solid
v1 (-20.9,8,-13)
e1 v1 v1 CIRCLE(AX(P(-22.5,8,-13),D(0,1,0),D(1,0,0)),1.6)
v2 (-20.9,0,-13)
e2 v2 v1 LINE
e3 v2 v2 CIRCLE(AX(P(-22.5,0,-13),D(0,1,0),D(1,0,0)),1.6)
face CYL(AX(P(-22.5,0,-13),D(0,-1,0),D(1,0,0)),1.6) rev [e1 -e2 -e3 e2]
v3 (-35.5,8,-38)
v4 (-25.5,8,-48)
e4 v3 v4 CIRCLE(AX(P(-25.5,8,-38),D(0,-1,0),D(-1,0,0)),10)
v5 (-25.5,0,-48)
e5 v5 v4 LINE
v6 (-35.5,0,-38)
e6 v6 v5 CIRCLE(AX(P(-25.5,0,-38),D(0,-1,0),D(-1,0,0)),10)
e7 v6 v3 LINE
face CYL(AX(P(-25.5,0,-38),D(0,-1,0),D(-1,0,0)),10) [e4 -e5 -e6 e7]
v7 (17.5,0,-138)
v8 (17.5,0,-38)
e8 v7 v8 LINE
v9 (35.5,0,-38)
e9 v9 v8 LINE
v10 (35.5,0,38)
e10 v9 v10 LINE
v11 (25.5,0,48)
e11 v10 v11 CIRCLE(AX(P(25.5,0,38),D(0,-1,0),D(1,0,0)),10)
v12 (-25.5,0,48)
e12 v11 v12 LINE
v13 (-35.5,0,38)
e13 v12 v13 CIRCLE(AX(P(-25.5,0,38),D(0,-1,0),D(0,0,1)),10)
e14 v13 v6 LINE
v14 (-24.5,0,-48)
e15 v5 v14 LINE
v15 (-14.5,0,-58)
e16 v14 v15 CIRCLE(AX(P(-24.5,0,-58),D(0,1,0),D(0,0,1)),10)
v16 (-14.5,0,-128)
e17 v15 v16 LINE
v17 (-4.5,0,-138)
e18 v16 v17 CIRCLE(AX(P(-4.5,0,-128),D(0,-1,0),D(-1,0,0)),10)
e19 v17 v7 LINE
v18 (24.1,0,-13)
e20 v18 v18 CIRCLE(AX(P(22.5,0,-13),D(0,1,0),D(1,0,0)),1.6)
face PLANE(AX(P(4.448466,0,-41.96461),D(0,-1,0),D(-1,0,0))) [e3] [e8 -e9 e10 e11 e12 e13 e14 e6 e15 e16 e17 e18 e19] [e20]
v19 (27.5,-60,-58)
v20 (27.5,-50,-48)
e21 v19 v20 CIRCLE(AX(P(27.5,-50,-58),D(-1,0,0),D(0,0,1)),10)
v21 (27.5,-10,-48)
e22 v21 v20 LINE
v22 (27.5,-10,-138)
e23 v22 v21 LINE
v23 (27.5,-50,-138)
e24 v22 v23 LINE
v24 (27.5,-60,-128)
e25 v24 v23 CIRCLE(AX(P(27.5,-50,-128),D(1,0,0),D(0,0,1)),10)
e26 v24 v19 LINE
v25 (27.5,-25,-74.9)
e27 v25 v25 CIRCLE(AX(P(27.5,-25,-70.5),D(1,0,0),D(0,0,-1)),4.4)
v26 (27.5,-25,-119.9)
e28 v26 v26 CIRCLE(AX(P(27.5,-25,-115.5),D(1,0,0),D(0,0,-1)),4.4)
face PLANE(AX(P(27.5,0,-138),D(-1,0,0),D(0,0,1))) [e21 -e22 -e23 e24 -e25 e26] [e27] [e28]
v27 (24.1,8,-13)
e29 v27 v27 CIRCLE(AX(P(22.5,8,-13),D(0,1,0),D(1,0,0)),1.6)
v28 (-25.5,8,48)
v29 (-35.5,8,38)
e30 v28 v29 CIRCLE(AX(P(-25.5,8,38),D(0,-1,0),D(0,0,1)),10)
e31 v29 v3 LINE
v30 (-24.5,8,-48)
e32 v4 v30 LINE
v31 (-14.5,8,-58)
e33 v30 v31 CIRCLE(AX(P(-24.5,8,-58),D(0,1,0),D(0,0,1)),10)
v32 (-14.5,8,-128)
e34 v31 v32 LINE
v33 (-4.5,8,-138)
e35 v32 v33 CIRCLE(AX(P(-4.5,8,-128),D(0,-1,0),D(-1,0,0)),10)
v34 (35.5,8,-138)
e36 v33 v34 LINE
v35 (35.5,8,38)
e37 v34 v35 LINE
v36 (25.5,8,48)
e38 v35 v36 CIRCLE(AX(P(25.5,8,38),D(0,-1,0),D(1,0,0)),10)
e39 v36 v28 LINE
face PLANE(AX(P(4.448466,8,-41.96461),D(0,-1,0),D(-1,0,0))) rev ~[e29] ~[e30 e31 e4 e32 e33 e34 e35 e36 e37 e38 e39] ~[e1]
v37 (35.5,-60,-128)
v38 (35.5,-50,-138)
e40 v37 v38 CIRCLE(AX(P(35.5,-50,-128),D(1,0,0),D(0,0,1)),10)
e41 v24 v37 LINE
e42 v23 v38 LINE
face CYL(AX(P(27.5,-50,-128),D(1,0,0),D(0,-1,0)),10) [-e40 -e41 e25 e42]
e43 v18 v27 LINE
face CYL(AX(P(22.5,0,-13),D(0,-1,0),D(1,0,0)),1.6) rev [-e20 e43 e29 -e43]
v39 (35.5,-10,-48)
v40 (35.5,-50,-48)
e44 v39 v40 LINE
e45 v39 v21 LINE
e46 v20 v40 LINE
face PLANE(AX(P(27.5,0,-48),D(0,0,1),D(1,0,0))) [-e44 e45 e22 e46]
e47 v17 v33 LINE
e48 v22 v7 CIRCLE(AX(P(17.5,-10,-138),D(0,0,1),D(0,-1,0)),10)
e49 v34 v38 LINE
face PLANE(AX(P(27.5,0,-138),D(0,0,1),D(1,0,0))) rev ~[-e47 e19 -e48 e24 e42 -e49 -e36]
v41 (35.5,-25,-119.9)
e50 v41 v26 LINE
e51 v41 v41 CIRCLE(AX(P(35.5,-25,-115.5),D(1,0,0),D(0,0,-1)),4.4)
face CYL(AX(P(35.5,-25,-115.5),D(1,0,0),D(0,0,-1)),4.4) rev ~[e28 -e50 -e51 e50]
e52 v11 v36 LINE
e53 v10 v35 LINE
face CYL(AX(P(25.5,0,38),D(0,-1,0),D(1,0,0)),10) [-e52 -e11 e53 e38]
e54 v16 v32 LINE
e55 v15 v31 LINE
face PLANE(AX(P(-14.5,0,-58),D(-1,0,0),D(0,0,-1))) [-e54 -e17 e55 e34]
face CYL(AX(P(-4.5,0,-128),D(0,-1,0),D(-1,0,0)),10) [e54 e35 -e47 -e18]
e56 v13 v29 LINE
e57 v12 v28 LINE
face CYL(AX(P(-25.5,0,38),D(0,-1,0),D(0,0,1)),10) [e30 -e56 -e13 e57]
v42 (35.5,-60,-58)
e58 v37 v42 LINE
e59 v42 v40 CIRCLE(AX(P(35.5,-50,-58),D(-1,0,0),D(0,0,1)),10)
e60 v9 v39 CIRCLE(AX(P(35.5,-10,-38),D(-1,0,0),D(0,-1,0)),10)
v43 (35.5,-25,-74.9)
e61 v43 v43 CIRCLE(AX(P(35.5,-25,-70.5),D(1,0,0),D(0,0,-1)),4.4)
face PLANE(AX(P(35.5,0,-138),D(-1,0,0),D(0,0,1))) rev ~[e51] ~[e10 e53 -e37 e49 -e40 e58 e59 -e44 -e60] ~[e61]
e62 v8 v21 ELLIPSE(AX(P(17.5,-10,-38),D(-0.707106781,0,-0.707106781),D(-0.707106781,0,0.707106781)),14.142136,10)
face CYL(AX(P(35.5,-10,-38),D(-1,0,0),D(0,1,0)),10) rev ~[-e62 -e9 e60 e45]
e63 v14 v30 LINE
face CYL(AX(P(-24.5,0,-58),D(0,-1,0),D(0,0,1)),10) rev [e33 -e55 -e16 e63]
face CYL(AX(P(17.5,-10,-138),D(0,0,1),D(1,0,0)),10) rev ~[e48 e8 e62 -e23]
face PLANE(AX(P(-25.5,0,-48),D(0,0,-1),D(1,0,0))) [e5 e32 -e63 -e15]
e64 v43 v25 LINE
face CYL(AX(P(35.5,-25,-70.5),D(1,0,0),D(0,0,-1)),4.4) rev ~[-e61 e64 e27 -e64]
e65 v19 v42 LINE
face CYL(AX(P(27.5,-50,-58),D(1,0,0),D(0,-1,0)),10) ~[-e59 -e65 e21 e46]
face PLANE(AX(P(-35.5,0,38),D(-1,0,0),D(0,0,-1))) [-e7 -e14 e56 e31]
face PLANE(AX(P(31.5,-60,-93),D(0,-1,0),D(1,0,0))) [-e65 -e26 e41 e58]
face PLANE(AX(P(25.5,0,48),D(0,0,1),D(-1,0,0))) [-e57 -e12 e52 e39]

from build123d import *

# Parameters (mm, degrees)
SKETCH1_R           = 1.6
BOSS_EXTRUDE1_DEPTH = 8
SKETCH2_W           = 8
SKETCH2_H           = 90
BOSS_EXTRUDE2_DEPTH = 60
FILLET1_R           = 10
FILLET2_R           = 10
SKETCH3_R           = 4.4
CUT_EXTRUDE1_DEPTH  = 8
FILLET3_R           = 10
FILLET4_R           = 10


with BuildPart() as part:
    # Sketch1 → Boss-Extrude1 (new body)
    with BuildSketch(Plane(origin=(0, 0, 0), x_dir=(1, 0, 0), z_dir=(0, 1, 0))):
        with BuildLine():
            Line((-25.5, 48), (-24.5, 48))
            ThreePointArc((-24.5, 48), (-17.428932188, 50.928932188), (-14.5, 58))
            Line((-14.5, 58), (-14.5, 128))
            ThreePointArc((-14.5, 128), (-11.571067812, 135.071067812), (-4.5, 138))
            Line((-4.5, 138), (35.5, 138))
            Line((35.5, 138), (35.5, 48))
            Line((35.5, 48), (35.5, -38))
            ThreePointArc((35.5, -38), (32.571067812, -45.071067812), (25.5, -48))
            Line((25.5, -48), (-25.5, -48))
            ThreePointArc((-25.5, -48), (-32.571067812, -45.071067812), (-35.5, -38))
            Line((-35.5, -38), (-35.5, 38))
            ThreePointArc((-35.5, 38), (-32.571067812, 45.071067812), (-25.5, 48))
        make_face()
        with Locations((-22.5, 13)):
            Circle(SKETCH1_R, mode=Mode.SUBTRACT)
        with Locations((22.5, 13)):
            Circle(SKETCH1_R, mode=Mode.SUBTRACT)
    extrude(amount=BOSS_EXTRUDE1_DEPTH)

    # Sketch2 → Boss-Extrude2 (add)
    with BuildSketch(Plane.XZ):
        with Locations((31.5, -93)):
            Rectangle(SKETCH2_W, SKETCH2_H)
    extrude(amount=BOSS_EXTRUDE2_DEPTH)

    # Fillet1
    fillet1_edges = [part.edges().sort_by_distance(p)[0] for p in [
        (31.5, -60, -138),
    ]]
    fillet(fillet1_edges, radius=FILLET1_R)

    # Fillet2
    fillet2_edges = [part.edges().sort_by_distance(p)[0] for p in [
        (31.5, -60, -48),
    ]]
    fillet(fillet2_edges, radius=FILLET2_R)

    # Sketch3 → Cut-Extrude1 (cut)
    with BuildSketch(Plane(origin=(35.5, 0, 0), x_dir=(0, 0, -1), z_dir=(1, 0, 0))):
        with Locations((70.5, -25)):
            Circle(SKETCH3_R)
        with Locations((115.5, -25)):
            Circle(SKETCH3_R)
    extrude(amount=-CUT_EXTRUDE1_DEPTH, mode=Mode.SUBTRACT)

    # Fillet3
    fillet3_edges = [part.edges().sort_by_distance(p)[0] for p in [
        (27.5, 0, -93),
    ]]
    fillet(fillet3_edges, radius=FILLET3_R)

    # Fillet4
    fillet4_edges = [part.edges().sort_by_distance(p)[0] for p in [
        (22.5, 0, -48),
    ]]
    fillet(fillet4_edges, radius=FILLET4_R)


solid = part.part
